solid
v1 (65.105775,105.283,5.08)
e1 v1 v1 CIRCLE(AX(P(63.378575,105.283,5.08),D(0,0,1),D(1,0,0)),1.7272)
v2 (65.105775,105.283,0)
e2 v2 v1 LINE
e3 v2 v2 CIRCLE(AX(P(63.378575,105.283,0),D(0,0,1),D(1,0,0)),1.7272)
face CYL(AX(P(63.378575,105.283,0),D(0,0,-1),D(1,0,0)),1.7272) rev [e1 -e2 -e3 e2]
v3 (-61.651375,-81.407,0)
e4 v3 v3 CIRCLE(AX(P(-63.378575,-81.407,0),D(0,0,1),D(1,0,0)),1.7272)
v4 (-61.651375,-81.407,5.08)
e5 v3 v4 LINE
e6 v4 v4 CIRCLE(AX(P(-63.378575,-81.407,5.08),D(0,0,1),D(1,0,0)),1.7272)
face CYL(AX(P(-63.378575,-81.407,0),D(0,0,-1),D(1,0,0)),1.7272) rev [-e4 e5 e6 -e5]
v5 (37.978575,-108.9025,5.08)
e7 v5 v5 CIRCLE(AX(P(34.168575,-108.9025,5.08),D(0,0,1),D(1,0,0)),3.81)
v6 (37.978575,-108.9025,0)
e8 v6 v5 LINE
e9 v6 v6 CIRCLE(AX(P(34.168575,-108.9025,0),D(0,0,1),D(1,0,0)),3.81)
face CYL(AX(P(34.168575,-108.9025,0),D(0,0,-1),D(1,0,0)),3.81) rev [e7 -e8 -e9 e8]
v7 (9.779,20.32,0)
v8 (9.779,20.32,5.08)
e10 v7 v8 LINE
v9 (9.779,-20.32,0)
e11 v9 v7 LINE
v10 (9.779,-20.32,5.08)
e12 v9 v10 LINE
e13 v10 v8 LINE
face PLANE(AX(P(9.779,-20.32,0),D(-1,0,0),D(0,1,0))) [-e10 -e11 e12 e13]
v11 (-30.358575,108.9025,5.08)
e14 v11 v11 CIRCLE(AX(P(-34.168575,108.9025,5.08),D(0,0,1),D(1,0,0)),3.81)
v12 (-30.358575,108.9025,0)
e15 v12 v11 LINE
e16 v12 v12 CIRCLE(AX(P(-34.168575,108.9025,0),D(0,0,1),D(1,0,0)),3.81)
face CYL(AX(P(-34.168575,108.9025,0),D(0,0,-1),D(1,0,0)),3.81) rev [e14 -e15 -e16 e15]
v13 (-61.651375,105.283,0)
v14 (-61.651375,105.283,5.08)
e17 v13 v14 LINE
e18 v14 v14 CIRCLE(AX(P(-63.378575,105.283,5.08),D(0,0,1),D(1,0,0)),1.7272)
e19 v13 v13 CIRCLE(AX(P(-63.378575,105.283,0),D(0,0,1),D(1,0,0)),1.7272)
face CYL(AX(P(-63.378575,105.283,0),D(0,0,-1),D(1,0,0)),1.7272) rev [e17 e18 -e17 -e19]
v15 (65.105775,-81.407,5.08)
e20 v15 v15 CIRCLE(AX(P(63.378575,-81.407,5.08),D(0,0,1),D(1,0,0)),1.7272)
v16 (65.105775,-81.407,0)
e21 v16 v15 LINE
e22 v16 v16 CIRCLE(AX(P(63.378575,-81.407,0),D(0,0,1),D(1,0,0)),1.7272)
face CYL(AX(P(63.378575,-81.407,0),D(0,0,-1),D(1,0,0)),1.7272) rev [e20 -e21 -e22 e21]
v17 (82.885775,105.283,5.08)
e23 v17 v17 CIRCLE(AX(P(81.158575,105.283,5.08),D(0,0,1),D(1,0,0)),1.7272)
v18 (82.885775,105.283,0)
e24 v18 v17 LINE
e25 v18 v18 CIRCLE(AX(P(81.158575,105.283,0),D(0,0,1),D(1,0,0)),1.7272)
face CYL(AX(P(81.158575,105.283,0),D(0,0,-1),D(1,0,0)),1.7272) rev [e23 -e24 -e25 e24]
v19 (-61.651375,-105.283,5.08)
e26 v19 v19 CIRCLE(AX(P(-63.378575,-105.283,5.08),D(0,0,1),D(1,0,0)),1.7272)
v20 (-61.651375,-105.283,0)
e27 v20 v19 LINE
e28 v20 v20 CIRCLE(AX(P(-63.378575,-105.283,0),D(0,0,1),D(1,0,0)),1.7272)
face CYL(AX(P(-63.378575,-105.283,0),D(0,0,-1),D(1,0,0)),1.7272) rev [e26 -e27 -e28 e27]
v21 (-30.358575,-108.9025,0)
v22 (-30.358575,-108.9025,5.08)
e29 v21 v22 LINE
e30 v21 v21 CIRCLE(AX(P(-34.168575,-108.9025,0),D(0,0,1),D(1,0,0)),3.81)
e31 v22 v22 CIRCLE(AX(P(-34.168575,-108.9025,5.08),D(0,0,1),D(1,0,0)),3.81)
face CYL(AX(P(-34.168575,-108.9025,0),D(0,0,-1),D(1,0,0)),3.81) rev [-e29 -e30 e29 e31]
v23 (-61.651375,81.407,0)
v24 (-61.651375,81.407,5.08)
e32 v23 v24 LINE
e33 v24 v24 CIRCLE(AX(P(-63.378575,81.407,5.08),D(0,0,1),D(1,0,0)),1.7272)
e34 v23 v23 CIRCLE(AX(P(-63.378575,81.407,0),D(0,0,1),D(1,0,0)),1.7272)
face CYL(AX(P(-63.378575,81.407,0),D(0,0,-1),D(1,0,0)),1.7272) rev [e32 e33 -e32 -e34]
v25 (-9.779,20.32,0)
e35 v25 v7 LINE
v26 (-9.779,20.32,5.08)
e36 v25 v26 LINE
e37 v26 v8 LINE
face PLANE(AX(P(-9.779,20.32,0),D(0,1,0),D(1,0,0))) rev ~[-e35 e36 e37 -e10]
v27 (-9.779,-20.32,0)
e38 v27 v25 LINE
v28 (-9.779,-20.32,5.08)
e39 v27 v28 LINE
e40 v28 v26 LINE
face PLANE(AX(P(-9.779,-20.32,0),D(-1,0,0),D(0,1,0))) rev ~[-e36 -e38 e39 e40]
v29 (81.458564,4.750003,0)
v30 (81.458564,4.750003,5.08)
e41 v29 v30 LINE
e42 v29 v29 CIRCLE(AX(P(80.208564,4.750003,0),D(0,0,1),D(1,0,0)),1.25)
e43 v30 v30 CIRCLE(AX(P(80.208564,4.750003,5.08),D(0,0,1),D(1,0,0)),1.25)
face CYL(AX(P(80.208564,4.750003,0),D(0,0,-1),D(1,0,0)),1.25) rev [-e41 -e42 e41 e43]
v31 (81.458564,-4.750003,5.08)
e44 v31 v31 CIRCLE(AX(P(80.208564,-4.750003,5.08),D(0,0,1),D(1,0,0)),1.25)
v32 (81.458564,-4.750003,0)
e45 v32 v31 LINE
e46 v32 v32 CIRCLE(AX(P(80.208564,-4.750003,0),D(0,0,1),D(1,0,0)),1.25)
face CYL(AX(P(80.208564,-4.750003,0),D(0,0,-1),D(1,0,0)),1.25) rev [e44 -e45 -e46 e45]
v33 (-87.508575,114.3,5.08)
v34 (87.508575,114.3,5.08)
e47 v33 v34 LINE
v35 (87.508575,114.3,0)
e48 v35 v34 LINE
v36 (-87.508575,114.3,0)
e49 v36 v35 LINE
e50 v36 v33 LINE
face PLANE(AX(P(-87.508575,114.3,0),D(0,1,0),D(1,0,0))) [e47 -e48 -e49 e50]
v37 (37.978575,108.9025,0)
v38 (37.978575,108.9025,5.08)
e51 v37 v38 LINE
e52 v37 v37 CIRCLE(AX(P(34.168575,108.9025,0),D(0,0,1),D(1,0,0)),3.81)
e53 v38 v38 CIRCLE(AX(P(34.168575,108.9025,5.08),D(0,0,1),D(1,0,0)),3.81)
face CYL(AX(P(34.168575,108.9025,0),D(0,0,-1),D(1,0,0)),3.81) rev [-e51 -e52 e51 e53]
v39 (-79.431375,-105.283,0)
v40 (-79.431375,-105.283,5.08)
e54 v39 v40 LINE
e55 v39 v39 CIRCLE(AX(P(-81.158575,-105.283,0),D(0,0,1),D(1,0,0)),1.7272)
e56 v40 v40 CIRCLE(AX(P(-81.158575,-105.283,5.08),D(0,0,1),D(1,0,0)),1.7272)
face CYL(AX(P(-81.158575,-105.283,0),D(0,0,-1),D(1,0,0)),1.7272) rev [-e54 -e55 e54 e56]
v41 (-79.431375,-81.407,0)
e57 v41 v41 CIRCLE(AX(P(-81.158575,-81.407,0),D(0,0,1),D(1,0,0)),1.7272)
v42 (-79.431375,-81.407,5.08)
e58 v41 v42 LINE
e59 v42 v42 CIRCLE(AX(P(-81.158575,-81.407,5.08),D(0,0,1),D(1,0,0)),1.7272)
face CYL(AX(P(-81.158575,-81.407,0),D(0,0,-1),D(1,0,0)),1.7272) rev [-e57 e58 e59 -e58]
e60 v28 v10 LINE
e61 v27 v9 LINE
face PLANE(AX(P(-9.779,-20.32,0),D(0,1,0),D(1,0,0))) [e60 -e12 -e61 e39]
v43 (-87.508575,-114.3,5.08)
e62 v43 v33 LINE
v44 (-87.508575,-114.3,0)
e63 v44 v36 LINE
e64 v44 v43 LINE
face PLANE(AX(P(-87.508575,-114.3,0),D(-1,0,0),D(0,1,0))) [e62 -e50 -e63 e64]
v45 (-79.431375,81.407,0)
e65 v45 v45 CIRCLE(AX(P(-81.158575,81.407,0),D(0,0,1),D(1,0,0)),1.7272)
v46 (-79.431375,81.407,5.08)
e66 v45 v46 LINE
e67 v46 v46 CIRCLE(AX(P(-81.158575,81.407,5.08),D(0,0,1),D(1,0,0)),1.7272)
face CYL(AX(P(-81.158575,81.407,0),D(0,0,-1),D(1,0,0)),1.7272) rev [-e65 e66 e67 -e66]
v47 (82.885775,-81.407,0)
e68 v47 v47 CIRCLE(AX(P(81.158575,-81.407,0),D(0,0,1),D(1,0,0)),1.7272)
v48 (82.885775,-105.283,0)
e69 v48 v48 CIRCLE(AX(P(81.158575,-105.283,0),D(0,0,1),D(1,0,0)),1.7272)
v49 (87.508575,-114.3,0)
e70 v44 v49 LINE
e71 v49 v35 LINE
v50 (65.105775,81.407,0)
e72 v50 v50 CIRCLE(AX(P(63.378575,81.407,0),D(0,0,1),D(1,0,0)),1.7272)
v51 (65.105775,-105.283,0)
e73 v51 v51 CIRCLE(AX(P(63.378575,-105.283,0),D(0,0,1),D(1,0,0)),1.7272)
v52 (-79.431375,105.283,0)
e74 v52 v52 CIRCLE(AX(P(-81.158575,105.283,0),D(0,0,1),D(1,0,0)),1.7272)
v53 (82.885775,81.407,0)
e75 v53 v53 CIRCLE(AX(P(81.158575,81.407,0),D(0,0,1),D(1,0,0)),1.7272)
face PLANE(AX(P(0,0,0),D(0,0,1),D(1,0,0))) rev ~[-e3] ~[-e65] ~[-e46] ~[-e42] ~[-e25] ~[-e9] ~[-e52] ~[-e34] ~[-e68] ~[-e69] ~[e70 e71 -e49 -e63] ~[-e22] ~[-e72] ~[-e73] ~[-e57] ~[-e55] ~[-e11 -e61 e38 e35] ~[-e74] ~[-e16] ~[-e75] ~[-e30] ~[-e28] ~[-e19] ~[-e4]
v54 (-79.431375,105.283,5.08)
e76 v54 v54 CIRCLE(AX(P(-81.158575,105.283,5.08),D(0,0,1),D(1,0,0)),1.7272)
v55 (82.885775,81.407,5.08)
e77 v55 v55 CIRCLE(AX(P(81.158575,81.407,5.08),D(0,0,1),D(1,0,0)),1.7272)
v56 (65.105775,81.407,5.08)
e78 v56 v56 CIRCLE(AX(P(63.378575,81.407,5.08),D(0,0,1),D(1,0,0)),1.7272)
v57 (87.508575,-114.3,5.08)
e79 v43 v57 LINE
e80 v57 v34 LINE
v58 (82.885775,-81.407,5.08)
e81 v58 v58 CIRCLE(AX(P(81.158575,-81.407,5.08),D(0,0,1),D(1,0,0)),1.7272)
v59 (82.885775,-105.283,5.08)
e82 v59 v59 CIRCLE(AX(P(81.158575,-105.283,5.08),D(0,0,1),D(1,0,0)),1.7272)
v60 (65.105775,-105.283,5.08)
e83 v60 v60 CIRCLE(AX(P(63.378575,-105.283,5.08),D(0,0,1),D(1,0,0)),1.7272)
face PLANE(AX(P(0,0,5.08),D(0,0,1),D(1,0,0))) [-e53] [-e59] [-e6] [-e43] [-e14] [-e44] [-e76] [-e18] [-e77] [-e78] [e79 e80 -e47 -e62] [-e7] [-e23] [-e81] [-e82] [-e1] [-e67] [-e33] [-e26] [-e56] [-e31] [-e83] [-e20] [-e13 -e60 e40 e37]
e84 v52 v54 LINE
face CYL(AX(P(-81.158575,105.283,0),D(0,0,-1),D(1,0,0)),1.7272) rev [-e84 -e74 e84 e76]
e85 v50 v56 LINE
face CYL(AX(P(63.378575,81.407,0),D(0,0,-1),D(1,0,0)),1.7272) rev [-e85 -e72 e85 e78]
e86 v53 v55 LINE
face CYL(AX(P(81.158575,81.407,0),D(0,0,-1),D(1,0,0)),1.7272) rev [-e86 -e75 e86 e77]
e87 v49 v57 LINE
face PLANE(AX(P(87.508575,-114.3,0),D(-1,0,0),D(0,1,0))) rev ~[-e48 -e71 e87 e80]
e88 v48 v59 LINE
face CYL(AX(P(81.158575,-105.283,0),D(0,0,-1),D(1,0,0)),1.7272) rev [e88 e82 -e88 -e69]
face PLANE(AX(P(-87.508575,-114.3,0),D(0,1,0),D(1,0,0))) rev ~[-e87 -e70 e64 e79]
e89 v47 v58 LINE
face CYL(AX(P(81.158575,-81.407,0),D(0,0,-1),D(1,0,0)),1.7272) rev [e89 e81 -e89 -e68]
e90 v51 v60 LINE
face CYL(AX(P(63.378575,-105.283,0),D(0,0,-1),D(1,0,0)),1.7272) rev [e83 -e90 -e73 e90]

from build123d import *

# Parameters (mm, degrees)
F0_W     = 175.01715
F0_H     = 228.6
F0_R     = 1.7272
F0_R_2   = 3.81
F0_R_3   = 1.25
F0_W_2   = 19.558
F0_H_2   = 40.64
F1_DEPTH = 5.08


with BuildPart() as f1:
    # F0 (on Top) → F1 (new body)
    with BuildSketch(Plane.XY):
        Rectangle(F0_W, F0_H)
        with Locations((-81.158575, -105.283)):
            Circle(F0_R, mode=Mode.SUBTRACT)
        with Locations((-63.378575, -105.283)):
            Circle(F0_R, mode=Mode.SUBTRACT)
        with Locations((-81.158575, -81.407)):
            Circle(F0_R, mode=Mode.SUBTRACT)
        with Locations((-63.378575, -81.407)):
            Circle(F0_R, mode=Mode.SUBTRACT)
        with Locations((-34.168575, -108.9025)):
            Circle(F0_R_2, mode=Mode.SUBTRACT)
        with Locations((34.168575, -108.9025)):
            Circle(F0_R_2, mode=Mode.SUBTRACT)
        with Locations((63.378575, -105.283)):
            Circle(F0_R, mode=Mode.SUBTRACT)
        with Locations((81.158575, -105.283)):
            Circle(F0_R, mode=Mode.SUBTRACT)
        with Locations((63.378575, -81.407)):
            Circle(F0_R, mode=Mode.SUBTRACT)
        with Locations((81.158575, -81.407)):
            Circle(F0_R, mode=Mode.SUBTRACT)
        with Locations((80.208564, -4.750003)):
            Circle(F0_R_3, mode=Mode.SUBTRACT)
        with Locations((-81.158575, 81.407)):
            Circle(F0_R, mode=Mode.SUBTRACT)
        with Locations((-63.378575, 81.407)):
            Circle(F0_R, mode=Mode.SUBTRACT)
        with Locations((-81.158575, 105.283)):
            Circle(F0_R, mode=Mode.SUBTRACT)
        with Locations((-63.378575, 105.283)):
            Circle(F0_R, mode=Mode.SUBTRACT)
        with Locations((-34.168575, 108.9025)):
            Circle(F0_R_2, mode=Mode.SUBTRACT)
        Rectangle(F0_W_2, F0_H_2, mode=Mode.SUBTRACT)
        with Locations((80.208564, 4.750003)):
            Circle(F0_R_3, mode=Mode.SUBTRACT)
        with Locations((34.168575, 108.9025)):
            Circle(F0_R_2, mode=Mode.SUBTRACT)
        with Locations((63.378575, 81.407)):
            Circle(F0_R, mode=Mode.SUBTRACT)
        with Locations((81.158575, 81.407)):
            Circle(F0_R, mode=Mode.SUBTRACT)
        with Locations((63.378575, 105.283)):
            Circle(F0_R, mode=Mode.SUBTRACT)
        with Locations((81.158575, 105.283)):
            Circle(F0_R, mode=Mode.SUBTRACT)
    extrude(amount=F1_DEPTH)


solid = f1.part
